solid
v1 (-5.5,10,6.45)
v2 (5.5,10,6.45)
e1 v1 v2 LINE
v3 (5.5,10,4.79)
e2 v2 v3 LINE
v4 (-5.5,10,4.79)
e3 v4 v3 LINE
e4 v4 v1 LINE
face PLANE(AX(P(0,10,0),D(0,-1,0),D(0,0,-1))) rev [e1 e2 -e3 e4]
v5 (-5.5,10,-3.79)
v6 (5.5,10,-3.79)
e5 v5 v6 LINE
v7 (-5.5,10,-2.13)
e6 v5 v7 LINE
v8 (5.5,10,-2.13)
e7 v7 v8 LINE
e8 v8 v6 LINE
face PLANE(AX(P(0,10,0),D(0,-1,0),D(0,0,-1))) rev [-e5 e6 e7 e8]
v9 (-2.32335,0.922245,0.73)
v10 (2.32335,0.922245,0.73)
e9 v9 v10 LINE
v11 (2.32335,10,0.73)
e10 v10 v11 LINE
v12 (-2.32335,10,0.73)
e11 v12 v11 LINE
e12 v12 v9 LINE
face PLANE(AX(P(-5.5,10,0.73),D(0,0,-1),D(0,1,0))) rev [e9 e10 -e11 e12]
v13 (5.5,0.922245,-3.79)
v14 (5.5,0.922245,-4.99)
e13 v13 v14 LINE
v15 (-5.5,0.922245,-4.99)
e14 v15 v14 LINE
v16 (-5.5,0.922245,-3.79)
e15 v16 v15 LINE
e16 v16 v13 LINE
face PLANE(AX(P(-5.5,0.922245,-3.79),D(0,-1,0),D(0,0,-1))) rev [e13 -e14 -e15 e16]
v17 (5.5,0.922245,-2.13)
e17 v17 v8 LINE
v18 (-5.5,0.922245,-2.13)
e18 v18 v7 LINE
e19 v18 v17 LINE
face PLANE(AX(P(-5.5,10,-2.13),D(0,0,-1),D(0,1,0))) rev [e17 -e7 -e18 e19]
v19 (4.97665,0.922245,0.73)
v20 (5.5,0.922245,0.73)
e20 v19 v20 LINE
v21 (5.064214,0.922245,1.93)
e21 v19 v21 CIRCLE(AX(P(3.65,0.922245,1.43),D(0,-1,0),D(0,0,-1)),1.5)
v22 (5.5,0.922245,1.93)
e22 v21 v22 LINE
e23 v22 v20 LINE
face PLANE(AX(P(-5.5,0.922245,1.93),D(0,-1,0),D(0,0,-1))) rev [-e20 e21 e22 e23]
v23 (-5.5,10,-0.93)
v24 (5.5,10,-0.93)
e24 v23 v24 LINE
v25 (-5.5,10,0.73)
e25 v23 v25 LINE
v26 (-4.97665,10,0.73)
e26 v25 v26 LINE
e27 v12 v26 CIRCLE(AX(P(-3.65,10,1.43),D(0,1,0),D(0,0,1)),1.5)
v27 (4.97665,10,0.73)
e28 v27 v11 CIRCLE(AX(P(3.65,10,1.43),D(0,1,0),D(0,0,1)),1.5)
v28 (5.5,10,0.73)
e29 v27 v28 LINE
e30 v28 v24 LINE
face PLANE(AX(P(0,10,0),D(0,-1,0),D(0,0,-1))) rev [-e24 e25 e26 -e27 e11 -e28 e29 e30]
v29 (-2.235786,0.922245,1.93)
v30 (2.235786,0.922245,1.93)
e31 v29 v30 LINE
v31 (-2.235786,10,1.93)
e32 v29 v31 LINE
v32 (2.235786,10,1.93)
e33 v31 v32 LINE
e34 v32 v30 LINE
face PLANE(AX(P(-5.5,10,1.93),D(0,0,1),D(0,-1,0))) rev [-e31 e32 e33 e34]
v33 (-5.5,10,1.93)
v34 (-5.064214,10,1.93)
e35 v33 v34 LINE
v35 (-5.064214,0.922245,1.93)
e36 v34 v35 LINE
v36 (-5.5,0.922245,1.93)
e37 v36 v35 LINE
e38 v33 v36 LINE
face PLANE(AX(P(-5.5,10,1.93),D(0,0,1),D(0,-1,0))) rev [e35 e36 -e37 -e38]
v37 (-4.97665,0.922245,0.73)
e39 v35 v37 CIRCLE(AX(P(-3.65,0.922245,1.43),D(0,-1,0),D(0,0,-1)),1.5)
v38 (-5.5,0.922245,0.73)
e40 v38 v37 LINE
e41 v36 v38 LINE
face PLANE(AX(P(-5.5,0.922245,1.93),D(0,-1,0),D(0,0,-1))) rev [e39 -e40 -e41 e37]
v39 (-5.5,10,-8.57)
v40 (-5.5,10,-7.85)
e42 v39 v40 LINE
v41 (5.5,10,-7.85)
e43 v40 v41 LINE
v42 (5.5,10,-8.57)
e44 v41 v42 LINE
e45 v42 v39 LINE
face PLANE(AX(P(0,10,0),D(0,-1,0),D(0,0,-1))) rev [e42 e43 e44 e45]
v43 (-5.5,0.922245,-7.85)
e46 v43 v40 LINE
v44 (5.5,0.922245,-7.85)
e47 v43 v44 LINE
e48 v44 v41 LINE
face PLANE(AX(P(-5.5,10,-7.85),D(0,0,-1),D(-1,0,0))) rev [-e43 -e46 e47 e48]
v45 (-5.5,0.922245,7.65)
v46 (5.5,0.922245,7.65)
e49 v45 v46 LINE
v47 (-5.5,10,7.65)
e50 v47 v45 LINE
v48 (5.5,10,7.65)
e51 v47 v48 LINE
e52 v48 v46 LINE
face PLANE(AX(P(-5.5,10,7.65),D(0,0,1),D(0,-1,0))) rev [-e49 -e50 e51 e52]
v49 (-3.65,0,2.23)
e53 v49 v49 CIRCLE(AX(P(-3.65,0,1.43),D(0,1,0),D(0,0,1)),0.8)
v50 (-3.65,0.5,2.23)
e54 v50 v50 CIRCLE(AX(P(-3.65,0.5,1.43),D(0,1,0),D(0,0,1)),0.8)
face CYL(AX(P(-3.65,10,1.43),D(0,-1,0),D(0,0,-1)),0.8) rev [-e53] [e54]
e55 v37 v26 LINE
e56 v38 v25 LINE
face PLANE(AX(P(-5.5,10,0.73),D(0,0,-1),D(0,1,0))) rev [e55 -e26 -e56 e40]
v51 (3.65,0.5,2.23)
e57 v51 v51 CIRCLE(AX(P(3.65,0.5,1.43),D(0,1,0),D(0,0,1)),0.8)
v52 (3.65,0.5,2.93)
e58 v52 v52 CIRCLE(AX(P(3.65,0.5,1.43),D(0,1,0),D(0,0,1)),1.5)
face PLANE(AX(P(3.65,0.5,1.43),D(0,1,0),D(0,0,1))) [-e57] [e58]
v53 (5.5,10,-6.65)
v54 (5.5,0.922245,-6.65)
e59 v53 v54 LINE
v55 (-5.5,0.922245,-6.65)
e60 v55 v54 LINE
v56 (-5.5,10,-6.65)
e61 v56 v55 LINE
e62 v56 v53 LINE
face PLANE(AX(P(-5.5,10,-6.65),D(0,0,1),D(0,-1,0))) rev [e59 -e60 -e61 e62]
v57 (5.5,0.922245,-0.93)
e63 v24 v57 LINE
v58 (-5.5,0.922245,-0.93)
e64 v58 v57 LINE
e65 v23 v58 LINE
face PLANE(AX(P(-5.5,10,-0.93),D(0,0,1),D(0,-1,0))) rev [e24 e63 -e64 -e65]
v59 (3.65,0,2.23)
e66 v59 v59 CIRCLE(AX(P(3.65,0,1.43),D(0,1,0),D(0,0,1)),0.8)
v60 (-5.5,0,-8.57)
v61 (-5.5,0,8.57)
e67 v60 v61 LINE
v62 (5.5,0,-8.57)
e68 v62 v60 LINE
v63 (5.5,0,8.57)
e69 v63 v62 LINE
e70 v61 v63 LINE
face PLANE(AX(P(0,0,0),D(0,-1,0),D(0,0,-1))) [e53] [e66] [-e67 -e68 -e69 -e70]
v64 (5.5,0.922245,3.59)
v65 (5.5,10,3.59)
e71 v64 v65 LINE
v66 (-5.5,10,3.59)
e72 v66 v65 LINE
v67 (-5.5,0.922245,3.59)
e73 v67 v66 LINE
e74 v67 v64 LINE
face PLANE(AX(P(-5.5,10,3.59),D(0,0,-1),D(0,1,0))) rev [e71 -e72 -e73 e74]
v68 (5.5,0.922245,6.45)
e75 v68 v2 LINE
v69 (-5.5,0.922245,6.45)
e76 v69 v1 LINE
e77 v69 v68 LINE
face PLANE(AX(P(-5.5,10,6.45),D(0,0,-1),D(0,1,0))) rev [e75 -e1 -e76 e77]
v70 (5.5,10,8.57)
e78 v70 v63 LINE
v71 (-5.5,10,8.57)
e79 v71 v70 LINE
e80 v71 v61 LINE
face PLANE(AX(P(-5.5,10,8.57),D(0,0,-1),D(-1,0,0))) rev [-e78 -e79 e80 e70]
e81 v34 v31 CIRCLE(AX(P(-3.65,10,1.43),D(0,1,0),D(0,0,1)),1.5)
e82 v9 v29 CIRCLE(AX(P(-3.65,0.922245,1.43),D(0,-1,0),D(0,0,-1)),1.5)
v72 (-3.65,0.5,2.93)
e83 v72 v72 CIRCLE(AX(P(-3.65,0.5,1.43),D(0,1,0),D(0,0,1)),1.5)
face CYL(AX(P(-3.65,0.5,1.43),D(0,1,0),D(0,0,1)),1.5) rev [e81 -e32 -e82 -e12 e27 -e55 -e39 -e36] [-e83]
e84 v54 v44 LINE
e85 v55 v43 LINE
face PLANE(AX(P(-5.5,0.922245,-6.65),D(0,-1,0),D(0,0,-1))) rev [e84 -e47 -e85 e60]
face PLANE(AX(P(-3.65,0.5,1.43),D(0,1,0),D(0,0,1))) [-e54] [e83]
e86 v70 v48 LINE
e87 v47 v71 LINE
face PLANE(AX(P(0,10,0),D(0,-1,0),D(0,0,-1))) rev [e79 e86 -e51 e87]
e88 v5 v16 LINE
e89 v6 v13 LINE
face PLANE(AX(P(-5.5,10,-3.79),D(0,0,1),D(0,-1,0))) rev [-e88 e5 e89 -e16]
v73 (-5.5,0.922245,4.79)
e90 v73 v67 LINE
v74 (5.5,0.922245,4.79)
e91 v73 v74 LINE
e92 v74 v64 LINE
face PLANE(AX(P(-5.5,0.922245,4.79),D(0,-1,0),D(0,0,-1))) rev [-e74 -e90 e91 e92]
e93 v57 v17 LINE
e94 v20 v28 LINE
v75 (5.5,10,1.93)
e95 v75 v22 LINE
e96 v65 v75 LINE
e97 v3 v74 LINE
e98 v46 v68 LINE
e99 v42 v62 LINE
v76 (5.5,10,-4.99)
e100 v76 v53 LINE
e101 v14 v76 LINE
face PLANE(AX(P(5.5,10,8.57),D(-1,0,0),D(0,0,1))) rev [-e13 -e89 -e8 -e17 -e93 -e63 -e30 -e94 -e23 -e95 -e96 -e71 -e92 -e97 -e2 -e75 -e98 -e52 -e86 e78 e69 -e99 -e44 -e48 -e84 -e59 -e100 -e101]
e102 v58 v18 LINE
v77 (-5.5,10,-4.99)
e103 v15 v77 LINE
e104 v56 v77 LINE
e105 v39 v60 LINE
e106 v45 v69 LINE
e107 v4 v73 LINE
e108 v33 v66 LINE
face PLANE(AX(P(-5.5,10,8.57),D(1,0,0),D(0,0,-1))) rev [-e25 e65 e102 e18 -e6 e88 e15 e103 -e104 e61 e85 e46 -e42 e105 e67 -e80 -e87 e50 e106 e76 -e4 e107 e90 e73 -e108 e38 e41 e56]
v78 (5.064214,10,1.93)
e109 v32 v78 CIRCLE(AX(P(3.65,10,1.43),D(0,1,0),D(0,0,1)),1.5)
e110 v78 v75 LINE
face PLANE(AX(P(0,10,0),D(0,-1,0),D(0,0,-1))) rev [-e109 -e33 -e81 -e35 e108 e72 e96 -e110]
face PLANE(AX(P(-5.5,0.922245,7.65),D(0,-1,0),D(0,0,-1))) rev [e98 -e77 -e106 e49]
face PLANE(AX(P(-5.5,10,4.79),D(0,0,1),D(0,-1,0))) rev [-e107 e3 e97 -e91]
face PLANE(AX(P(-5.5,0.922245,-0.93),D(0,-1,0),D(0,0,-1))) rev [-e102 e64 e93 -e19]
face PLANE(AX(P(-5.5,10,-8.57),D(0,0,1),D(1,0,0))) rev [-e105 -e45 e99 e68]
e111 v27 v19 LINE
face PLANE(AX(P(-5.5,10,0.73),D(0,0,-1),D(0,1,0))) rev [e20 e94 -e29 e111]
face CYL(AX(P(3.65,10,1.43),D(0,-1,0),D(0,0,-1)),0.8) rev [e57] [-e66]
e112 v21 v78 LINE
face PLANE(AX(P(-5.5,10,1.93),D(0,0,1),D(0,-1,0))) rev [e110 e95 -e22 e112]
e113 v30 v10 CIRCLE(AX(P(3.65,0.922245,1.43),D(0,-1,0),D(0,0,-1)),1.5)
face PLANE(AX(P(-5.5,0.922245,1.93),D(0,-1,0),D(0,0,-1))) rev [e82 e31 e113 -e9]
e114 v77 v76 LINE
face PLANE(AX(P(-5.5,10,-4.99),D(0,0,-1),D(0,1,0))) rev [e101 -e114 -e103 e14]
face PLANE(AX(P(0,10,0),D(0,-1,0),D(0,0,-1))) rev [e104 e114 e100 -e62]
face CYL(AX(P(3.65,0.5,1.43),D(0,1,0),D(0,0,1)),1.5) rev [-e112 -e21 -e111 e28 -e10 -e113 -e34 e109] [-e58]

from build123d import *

# Parameters (mm, degrees)
SKETCH1_W           = 11
SKETCH1_H           = 17.14
SKETCH1_R           = 0.8
BOSS_EXTRUDE1_DEPTH = 10
SKETCH3_W           = 1.2
SKETCH3_H           = 9.077755084
CUT_EXTRUDE1_DEPTH  = 18.159396843
SKETCH4_R           = 1.5
CUT_EXTRUDE2_DEPTH  = 9.5


with BuildPart() as part:
    # Sketch1 → Boss-Extrude1 (new body)
    with BuildSketch(Plane(origin=(0, 0, 0), x_dir=(1, 0, 0), z_dir=(0, 1, 0))):
        Rectangle(SKETCH1_W, SKETCH1_H)
        with Locations(Location((3.65, -1.43, 0), (0, 0, 270))):
            Circle(SKETCH1_R, mode=Mode.SUBTRACT)
        with Locations(Location((-3.65, -1.43, 0), (0, 0, 270))):
            Circle(SKETCH1_R, mode=Mode.SUBTRACT)
    extrude(amount=BOSS_EXTRUDE1_DEPTH)

    # Sketch3 → Cut-Extrude1 (cut, through all)
    with BuildSketch(Plane(origin=(5.5, 0, 0), x_dir=(0, 0, -1), z_dir=(1, 0, 0))):
        with Locations((-4.19, 5.461122458)):
            Rectangle(SKETCH3_W, SKETCH3_H)
        with Locations((-7.05, 5.461122458)):
            Rectangle(SKETCH3_W, SKETCH3_H)
        with Locations((-1.33, 5.461122458)):
            Rectangle(SKETCH3_W, SKETCH3_H)
        with Locations((1.53, 5.461122458)):
            Rectangle(SKETCH3_W, SKETCH3_H)
        with Locations((4.39, 5.461122458)):
            Rectangle(SKETCH3_W, SKETCH3_H)
        with Locations((7.25, 5.461122458)):
            Rectangle(SKETCH3_W, SKETCH3_H)
    extrude(amount=-CUT_EXTRUDE1_DEPTH, mode=Mode.SUBTRACT)

    # Sketch4 → Cut-Extrude2 (cut)
    with BuildSketch(Plane(origin=(0, 10, 0), x_dir=(1, 0, 0), z_dir=(0, 1, 0))):
        with Locations(Location((-3.65, -1.43, 0), (0, 0, 270))):
            Circle(SKETCH4_R)
        with Locations(Location((3.65, -1.43, 0), (0, 0, 270))):
            Circle(SKETCH4_R)
    extrude(amount=-CUT_EXTRUDE2_DEPTH, mode=Mode.SUBTRACT)


solid = part.part
